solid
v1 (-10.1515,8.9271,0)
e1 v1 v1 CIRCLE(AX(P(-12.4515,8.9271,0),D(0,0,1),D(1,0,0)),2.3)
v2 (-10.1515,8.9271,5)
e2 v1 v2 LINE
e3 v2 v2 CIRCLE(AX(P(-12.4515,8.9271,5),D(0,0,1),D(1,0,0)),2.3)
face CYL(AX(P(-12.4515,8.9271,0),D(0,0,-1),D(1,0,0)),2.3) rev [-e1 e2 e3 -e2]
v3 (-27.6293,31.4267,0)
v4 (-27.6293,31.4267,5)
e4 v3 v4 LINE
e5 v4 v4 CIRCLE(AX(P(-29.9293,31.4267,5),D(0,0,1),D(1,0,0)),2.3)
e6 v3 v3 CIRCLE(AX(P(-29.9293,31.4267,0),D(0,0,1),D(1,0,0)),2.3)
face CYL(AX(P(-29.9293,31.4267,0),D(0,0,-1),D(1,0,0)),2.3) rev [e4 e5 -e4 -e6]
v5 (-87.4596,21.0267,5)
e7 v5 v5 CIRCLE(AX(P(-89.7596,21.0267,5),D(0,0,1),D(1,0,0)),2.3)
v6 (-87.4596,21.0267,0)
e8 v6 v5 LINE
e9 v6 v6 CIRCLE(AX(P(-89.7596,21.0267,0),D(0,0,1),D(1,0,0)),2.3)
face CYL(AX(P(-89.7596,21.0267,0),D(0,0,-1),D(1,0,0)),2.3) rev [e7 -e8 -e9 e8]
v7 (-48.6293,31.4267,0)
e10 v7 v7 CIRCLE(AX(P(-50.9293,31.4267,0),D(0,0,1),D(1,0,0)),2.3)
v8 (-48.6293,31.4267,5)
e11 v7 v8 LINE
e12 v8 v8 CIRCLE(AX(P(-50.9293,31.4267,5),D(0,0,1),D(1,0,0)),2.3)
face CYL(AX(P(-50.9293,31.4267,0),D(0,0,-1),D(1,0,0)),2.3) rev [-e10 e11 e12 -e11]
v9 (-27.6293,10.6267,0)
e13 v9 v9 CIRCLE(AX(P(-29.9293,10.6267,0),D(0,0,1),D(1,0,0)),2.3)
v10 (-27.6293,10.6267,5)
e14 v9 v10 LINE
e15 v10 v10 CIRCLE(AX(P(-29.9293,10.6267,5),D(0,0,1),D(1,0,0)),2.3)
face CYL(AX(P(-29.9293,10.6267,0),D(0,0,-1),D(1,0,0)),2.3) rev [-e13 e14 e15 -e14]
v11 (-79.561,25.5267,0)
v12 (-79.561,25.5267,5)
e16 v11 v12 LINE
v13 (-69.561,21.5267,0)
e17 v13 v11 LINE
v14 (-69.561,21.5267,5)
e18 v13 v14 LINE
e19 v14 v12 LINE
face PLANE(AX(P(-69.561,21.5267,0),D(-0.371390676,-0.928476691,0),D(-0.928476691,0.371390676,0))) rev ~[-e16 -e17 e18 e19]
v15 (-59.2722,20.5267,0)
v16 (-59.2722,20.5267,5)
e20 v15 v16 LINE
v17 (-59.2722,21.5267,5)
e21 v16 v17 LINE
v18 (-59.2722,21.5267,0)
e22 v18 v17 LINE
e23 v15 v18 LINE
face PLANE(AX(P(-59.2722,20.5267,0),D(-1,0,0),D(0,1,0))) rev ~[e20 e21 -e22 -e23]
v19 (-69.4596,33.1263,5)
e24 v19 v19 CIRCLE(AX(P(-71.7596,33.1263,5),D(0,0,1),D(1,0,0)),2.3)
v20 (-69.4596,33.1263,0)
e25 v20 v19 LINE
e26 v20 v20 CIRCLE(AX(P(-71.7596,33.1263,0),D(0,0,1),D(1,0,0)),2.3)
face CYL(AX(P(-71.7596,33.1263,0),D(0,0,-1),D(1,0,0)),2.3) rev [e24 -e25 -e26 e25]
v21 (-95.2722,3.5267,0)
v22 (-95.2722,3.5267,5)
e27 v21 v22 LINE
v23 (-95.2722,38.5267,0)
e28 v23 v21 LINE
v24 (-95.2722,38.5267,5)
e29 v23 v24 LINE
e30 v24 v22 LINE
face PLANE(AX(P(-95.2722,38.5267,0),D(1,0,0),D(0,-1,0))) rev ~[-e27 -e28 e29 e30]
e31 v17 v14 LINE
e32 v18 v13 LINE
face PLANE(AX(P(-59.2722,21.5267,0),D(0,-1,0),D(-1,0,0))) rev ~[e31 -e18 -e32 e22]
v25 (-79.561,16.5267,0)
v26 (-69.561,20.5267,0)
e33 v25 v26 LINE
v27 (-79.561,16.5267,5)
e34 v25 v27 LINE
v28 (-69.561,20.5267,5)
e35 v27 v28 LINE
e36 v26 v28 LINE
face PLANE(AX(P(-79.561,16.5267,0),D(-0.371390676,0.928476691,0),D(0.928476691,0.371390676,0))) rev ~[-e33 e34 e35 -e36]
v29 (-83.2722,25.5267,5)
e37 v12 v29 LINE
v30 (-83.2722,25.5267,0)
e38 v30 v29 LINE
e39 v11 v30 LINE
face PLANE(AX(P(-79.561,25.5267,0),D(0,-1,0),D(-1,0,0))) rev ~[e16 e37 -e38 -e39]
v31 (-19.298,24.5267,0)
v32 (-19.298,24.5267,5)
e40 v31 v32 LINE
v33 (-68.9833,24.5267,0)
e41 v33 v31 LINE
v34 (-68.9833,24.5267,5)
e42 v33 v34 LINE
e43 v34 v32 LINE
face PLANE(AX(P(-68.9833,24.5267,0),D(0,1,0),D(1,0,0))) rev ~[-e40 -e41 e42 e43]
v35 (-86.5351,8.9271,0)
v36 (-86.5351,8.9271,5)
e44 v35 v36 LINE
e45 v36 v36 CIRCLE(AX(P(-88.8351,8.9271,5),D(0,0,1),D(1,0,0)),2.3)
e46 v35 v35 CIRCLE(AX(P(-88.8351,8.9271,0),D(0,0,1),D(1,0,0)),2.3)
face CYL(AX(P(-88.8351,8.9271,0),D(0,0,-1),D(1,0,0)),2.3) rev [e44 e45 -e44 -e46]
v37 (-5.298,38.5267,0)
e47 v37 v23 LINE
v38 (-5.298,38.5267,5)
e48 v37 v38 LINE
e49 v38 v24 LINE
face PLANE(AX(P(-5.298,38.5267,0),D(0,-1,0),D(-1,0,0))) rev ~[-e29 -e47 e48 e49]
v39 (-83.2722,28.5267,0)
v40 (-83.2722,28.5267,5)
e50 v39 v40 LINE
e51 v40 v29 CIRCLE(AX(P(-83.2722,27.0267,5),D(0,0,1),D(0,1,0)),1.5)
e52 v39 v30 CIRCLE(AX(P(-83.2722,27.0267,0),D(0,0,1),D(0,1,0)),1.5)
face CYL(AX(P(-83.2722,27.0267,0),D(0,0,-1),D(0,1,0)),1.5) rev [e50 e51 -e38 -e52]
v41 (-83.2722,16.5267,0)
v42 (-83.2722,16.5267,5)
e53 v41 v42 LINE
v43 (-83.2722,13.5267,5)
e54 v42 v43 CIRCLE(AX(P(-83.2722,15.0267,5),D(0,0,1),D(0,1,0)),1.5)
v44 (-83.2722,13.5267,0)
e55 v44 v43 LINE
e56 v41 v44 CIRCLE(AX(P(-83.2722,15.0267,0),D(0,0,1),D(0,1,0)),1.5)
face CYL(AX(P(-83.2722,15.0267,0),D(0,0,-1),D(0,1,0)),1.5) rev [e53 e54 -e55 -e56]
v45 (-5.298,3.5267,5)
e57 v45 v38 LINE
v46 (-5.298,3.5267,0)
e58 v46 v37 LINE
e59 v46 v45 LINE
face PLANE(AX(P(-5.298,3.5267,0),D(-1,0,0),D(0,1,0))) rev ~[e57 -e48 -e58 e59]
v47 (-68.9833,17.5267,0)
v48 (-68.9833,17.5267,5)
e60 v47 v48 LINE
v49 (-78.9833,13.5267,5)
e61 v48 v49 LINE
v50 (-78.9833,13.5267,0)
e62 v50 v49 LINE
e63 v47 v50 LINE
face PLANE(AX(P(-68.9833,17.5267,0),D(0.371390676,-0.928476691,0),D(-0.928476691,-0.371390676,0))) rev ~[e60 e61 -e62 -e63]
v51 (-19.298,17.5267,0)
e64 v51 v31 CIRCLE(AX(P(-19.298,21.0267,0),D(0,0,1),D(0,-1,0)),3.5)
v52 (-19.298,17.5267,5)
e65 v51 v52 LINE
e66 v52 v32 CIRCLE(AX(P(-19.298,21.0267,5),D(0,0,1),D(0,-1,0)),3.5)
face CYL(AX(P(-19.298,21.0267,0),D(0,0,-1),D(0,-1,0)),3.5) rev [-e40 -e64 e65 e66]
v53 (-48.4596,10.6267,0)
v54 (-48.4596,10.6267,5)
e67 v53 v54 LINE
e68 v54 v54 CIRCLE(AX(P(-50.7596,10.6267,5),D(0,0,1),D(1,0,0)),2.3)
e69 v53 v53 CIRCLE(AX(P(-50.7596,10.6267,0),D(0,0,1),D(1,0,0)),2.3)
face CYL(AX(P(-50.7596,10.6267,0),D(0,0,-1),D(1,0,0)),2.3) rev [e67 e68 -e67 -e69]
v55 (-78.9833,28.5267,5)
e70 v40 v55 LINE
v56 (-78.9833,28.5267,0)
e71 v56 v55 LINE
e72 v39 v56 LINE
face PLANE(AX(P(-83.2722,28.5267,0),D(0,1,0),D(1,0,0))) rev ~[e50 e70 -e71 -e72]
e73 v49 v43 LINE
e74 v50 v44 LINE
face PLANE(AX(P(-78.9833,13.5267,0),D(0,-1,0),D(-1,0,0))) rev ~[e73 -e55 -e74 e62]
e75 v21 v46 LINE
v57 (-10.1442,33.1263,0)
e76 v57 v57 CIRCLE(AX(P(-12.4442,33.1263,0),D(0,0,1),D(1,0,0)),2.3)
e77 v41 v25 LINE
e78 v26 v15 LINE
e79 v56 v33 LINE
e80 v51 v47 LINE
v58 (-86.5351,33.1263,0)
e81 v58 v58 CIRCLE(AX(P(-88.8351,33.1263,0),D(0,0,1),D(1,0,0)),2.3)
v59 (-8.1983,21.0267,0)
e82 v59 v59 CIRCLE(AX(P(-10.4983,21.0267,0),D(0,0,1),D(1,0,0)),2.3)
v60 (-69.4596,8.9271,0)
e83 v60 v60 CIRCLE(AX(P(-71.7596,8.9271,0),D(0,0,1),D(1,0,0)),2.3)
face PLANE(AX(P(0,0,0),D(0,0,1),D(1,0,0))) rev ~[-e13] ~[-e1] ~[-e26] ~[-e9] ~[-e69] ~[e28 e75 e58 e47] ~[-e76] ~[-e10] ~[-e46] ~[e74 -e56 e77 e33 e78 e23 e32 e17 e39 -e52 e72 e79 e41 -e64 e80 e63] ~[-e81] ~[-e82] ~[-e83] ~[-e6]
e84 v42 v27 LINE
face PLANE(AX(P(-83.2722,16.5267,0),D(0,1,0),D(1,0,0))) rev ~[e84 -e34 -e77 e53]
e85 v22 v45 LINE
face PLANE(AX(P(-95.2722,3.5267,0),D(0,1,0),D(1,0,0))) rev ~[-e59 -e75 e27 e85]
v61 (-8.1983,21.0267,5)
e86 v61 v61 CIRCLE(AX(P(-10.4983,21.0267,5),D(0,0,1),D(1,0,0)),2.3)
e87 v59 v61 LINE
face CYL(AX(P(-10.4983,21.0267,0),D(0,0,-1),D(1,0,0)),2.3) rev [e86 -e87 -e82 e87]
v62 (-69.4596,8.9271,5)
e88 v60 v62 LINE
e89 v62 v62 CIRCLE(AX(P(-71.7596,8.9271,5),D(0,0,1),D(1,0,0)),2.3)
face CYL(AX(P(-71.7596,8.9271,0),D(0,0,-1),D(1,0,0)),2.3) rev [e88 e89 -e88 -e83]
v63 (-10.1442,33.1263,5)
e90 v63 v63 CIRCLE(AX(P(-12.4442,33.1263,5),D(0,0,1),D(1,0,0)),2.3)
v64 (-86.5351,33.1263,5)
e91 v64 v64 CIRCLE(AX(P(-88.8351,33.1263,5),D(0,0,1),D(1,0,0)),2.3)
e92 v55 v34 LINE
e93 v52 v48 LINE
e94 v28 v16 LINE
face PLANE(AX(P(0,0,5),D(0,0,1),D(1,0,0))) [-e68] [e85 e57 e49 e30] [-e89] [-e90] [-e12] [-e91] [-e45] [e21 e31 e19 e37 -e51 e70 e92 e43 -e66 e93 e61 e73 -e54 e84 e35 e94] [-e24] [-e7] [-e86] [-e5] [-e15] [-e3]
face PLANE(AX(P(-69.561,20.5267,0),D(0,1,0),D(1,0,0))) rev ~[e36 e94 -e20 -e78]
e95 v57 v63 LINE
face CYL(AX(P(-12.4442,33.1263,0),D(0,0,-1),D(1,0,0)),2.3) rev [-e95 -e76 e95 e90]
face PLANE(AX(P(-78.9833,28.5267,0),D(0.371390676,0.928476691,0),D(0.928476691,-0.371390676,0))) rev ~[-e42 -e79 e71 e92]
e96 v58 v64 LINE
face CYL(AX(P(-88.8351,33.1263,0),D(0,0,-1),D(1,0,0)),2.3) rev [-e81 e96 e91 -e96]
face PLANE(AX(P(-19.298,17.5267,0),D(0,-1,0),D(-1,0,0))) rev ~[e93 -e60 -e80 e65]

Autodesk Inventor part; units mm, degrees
ref_plane "YZ Plane" through (0, 0, 0) normal (1, 0, 0) x (0, 1, 0)
ref_plane "XZ Plane" through (0, 0, 0) normal (0, 1, 0) x (-1, 0, 0)
ref_plane "XY Plane" through (0, 0, 0) normal (0, 0, 1) x (1, 0, 0)
sketch "Esboço1" plane through (0, 0, 0) normal (0, 0, 1) x (1, 0, 0)
  line L0 (-5.298, 38.5267) -> (-95.2722, 38.5267)
  line L1 (-95.2722, 38.5267) -> (-95.2722, 3.5267)
  line L2 (-95.2722, 3.5267) -> (-5.298, 3.5267)
  line L3 (-5.298, 3.5267) -> (-5.298, 38.5267)
  line L4 (-78.9833, 28.5267) -> (-68.9833, 24.5267)
  line L5 (-68.9833, 24.5267) -> (-19.298, 24.5267)
  arc A0 (-19.298, 17.5267) -> (-19.298, 24.5267) centre (-19.298, 21.0267) ccw
  line L6 (-19.298, 17.5267) -> (-68.9833, 17.5267)
  line L7 (-68.9833, 17.5267) -> (-78.9833, 13.5267)
  line L8 (-78.9833, 13.5267) -> (-83.2722, 13.5267)
  arc A1 (-83.2722, 16.5267) -> (-83.2722, 13.5267) centre (-83.2722, 15.0267) ccw
  line L9 (-83.2722, 16.5267) -> (-79.561, 16.5267)
  line L10 (-79.561, 16.5267) -> (-69.561, 20.5267)
  line L11 (-69.561, 20.5267) -> (-59.2722, 20.5267)
  line L12 (-59.2722, 20.5267) -> (-59.2722, 21.5267)
  line L13 (-59.2722, 21.5267) -> (-69.561, 21.5267)
  line L14 (-69.561, 21.5267) -> (-79.561, 25.5267)
  line L15 (-79.561, 25.5267) -> (-83.2722, 25.5267)
  arc A2 (-83.2722, 28.5267) -> (-83.2722, 25.5267) centre (-83.2722, 27.0267) ccw
  line L16 (-83.2722, 28.5267) -> (-78.9833, 28.5267)
  circle A3 centre (-29.9293, 31.4267) radius 2.3
  circle A4 centre (-50.9293, 31.4267) radius 2.3
  circle A5 centre (-29.9293, 10.6267) radius 2.3
  circle A6 centre (-71.7596, 8.9271) radius 2.3
  circle A7 centre (-50.7596, 10.6267) radius 2.3
  circle A8 centre (-10.4983, 21.0267) radius 2.3
  circle A9 centre (-89.7596, 21.0267) radius 2.3
  circle A10 centre (-71.7596, 33.1263) radius 2.3
  circle A11 centre (-88.8351, 33.1263) radius 2.3
  circle A12 centre (-88.8351, 8.9271) radius 2.3
  circle A13 centre (-12.4442, 33.1263) radius 2.3
  circle A14 centre (-12.4515, 8.9271) radius 2.3
  point P0 (0, 0)
extrude "Extrusão1" add sketch "Esboço1" along normal blind 5
properties part number "acrilico canal" material "Acrílico"
